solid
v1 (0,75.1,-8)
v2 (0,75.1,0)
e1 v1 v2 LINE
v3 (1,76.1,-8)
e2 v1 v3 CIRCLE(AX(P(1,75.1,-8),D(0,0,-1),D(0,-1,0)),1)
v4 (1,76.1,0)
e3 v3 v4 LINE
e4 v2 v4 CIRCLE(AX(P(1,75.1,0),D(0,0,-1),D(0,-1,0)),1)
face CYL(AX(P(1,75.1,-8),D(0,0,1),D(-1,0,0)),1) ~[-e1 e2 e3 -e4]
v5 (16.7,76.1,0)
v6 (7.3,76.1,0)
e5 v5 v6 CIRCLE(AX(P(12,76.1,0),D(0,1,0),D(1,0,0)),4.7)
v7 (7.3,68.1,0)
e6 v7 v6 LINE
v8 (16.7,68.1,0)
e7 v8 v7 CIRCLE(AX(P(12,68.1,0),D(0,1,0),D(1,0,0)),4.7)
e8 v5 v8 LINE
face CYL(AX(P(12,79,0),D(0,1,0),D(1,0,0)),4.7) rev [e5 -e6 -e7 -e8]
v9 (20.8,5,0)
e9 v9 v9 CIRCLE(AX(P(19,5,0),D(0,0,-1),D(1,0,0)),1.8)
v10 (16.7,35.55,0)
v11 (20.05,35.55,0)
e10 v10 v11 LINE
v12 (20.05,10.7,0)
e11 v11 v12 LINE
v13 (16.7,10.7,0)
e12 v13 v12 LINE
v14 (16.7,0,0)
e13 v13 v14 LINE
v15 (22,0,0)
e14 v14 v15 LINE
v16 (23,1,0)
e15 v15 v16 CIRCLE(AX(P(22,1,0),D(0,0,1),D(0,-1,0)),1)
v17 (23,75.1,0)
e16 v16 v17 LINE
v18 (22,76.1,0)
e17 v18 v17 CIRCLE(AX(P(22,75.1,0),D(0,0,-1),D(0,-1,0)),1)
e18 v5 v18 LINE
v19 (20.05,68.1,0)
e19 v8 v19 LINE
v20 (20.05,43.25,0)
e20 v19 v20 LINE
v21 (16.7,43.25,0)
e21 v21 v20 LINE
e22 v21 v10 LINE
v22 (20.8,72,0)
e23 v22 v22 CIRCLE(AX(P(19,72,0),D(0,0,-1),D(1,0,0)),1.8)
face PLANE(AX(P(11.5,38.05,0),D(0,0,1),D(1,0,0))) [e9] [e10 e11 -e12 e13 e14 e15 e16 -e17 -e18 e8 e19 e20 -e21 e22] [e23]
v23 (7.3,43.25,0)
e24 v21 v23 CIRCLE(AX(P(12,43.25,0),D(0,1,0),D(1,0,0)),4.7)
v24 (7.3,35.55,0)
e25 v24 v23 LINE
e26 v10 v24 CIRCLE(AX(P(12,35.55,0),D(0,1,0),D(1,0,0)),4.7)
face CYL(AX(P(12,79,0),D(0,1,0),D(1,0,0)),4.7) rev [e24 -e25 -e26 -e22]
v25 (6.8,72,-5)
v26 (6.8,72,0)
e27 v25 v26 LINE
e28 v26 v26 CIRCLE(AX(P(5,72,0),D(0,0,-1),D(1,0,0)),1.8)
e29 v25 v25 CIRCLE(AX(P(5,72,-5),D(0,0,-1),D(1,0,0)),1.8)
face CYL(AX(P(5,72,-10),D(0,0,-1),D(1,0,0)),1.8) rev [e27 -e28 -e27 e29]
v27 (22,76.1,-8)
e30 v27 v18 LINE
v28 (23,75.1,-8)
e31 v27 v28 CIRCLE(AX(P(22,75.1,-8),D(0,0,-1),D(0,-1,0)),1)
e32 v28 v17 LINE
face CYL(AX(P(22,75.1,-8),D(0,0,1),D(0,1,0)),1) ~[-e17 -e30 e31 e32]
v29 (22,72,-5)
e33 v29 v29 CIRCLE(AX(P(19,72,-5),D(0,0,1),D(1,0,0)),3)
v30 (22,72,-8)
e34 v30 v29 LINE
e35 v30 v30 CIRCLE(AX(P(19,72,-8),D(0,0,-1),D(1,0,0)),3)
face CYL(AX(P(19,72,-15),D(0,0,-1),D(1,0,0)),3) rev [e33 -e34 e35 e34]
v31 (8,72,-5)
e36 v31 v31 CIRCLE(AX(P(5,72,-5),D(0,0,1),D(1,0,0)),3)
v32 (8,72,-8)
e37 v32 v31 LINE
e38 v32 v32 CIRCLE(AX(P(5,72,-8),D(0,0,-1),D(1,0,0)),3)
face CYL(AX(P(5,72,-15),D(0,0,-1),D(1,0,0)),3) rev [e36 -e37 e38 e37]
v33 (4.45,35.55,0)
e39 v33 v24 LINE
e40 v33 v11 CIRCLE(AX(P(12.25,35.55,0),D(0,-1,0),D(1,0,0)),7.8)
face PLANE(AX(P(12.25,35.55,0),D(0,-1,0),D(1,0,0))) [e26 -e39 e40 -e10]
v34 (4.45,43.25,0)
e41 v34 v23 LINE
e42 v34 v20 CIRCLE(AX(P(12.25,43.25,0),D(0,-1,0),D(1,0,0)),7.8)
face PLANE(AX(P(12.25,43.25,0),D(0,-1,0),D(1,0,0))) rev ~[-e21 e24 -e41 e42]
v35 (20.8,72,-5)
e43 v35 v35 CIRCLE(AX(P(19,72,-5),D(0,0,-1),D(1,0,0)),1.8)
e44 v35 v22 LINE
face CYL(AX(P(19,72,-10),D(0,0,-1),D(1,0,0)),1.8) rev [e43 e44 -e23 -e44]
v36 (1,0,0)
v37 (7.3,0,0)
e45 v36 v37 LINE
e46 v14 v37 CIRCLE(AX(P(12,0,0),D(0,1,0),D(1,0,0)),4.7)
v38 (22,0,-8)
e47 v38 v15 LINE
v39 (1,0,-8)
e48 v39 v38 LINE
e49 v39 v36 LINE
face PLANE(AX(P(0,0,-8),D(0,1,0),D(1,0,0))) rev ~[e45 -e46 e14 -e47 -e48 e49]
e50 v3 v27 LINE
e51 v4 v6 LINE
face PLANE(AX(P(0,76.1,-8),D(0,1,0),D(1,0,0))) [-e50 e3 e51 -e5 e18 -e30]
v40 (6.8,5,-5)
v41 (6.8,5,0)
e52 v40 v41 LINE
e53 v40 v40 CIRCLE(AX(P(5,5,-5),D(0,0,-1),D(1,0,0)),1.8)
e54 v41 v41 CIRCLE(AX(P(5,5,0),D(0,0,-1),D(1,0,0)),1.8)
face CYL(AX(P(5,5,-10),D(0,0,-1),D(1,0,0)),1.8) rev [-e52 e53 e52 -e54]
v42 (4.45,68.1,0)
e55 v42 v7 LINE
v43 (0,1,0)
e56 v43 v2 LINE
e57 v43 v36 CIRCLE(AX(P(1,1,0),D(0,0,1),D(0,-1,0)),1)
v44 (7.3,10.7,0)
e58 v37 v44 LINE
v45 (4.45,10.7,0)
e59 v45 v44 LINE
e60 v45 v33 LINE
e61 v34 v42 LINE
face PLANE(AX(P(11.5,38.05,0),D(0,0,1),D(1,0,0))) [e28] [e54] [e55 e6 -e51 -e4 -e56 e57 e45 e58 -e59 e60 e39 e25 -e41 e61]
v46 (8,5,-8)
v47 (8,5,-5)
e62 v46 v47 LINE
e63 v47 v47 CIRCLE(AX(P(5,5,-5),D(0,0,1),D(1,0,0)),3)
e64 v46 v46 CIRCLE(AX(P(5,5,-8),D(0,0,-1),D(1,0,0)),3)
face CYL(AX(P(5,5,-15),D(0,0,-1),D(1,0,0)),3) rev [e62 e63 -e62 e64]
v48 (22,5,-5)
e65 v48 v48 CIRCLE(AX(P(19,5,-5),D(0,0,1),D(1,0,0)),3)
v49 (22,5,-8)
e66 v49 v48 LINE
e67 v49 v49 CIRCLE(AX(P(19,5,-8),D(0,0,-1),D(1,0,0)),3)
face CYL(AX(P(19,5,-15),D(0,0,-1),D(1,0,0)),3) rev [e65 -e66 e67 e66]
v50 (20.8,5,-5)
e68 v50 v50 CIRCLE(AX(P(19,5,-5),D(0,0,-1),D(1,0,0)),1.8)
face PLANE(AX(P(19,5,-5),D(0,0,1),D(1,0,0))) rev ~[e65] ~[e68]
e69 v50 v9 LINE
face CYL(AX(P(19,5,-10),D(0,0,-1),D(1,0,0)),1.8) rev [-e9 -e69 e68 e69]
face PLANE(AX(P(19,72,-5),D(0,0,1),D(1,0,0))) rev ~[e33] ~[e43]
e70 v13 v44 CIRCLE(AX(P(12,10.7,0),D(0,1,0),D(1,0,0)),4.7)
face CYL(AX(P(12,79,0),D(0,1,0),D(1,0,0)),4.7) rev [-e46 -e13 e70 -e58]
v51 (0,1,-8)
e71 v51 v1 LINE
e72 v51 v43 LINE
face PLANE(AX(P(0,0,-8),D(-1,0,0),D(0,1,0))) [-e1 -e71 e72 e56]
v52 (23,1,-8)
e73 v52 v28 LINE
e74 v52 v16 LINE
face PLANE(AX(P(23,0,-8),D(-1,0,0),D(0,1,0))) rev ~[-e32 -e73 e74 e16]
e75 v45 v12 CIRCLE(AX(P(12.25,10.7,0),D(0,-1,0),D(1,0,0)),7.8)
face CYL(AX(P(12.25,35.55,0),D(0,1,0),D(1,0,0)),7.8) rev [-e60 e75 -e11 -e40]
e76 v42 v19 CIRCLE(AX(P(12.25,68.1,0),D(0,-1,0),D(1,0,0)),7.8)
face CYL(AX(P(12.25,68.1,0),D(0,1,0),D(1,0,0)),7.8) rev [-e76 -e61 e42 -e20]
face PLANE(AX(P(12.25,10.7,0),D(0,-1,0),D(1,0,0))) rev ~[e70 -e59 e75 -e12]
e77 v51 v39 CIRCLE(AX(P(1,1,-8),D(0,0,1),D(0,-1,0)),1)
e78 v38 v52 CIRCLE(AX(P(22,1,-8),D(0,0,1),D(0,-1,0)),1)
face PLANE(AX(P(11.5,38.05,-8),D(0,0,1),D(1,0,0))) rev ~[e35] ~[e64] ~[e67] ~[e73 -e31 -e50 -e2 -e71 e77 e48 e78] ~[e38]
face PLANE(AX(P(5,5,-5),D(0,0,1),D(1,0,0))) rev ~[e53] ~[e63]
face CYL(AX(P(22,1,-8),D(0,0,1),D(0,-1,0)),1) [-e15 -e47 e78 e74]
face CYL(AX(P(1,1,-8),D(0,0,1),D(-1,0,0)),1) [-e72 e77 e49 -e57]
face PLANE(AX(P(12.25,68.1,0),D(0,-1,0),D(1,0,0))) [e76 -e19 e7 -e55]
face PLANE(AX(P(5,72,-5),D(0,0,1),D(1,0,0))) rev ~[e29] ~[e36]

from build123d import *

# Parameters (mm, degrees)
CYLINDER048_R          = 4.7
CYLINDER048_DEPTH      = 100
CYLINDER048_ROLL_ANGLE = 90
CYLINDER045_R          = 1.8
CYLINDER045_DEPTH      = 20
CYLINDER044_R          = 3
CYLINDER044_DEPTH      = 10
CYLINDER042_R          = 1.8
CYLINDER042_DEPTH      = 20
CYLINDER041_R          = 3
CYLINDER041_DEPTH      = 10
CYLINDER034_R          = 3
CYLINDER034_DEPTH      = 10
CYLINDER033_R          = 3
CYLINDER033_DEPTH      = 10
CYLINDER031_R          = 1.8
CYLINDER031_DEPTH      = 20
CYLINDER032_R          = 1.8
CYLINDER032_DEPTH      = 20
CYLINDER029_R          = 7.8
CYLINDER029_DEPTH      = 24.85
CYLINDER029_ROLL_ANGLE = 90
CYLINDER030_R          = 4.4
CYLINDER030_DEPTH      = 76.1
CYLINDER030_ROLL_ANGLE = 90
CYLINDER028_R          = 7.8
CYLINDER028_DEPTH      = 24.85
CYLINDER028_ROLL_ANGLE = 90
BOX011_W               = 23
BOX011_H               = 76.1
BOX011_DEPTH           = 8
FILLET003002_R         = 1


with BuildPart() as cylinder048:
    # Cylinder048 → Cylinder048 (new body)
    with BuildSketch(Plane.XY):
        Circle(CYLINDER048_R)
    extrude(amount=CYLINDER048_DEPTH)


with BuildPart() as cylinder048_1:
    # Cylinder048 roll: moved
    add(cylinder048.part.rotate(Axis((0, 0, 0), (1, 0, 0)), CYLINDER048_ROLL_ANGLE))


with BuildPart() as cylinder048_2:
    # Cylinder048 placement: moved
    add(cylinder048_1.part.moved(Location((12, 79, 0))))


with BuildPart() as cilindro030:
    # Cylinder045 → Cylinder045 (new body)
    with BuildSketch(Plane(origin=(19, 5, -10), x_dir=(1, 0, 0), z_dir=(0, 0, 1))):
        Circle(CYLINDER045_R)
    extrude(amount=CYLINDER045_DEPTH)


with BuildPart() as cilindro029:
    # Cylinder044 → Cylinder044 (new body)
    with BuildSketch(Plane(origin=(19, 5, -15), x_dir=(1, 0, 0), z_dir=(0, 0, 1))):
        Circle(CYLINDER044_R)
    extrude(amount=CYLINDER044_DEPTH)


with BuildPart() as cilindro027:
    # Cylinder042 → Cylinder042 (new body)
    with BuildSketch(Plane(origin=(19, 72, -10), x_dir=(1, 0, 0), z_dir=(0, 0, 1))):
        Circle(CYLINDER042_R)
    extrude(amount=CYLINDER042_DEPTH)


with BuildPart() as cilindro026:
    # Cylinder041 → Cylinder041 (new body)
    with BuildSketch(Plane(origin=(19, 72, -15), x_dir=(1, 0, 0), z_dir=(0, 0, 1))):
        Circle(CYLINDER041_R)
    extrude(amount=CYLINDER041_DEPTH)


with BuildPart() as cilindro019:
    # Cylinder034 → Cylinder034 (new body)
    with BuildSketch(Plane(origin=(5, 72, -15), x_dir=(1, 0, 0), z_dir=(0, 0, 1))):
        Circle(CYLINDER034_R)
    extrude(amount=CYLINDER034_DEPTH)


with BuildPart() as cilindro018:
    # Cylinder033 → Cylinder033 (new body)
    with BuildSketch(Plane(origin=(5, 5, -15), x_dir=(1, 0, 0), z_dir=(0, 0, 1))):
        Circle(CYLINDER033_R)
    extrude(amount=CYLINDER033_DEPTH)


with BuildPart() as cilindro016:
    # Cylinder031 → Cylinder031 (new body)
    with BuildSketch(Plane(origin=(5, 5, -10), x_dir=(1, 0, 0), z_dir=(0, 0, 1))):
        Circle(CYLINDER031_R)
    extrude(amount=CYLINDER031_DEPTH)


with BuildPart() as cilindro017:
    # Cylinder032 → Cylinder032 (new body)
    with BuildSketch(Plane(origin=(5, 72, -10), x_dir=(1, 0, 0), z_dir=(0, 0, 1))):
        Circle(CYLINDER032_R)
    extrude(amount=CYLINDER032_DEPTH)


with BuildPart() as cylinder029:
    # Cylinder029 → Cylinder029 (new body)
    with BuildSketch(Plane.XY):
        Circle(CYLINDER029_R)
    extrude(amount=CYLINDER029_DEPTH)


with BuildPart() as cylinder029_1:
    # Cylinder029 roll: moved
    add(cylinder029.part.rotate(Axis((0, 0, 0), (1, 0, 0)), CYLINDER029_ROLL_ANGLE))


with BuildPart() as cylinder029_2:
    # Cylinder029 placement: moved
    add(cylinder029_1.part.moved(Location((12.25, 68.1, 0))))


with BuildPart() as cylinder030:
    # Cylinder030 → Cylinder030 (new body)
    with BuildSketch(Plane.XY):
        Circle(CYLINDER030_R)
    extrude(amount=CYLINDER030_DEPTH)


with BuildPart() as cylinder030_1:
    # Cylinder030 roll: moved
    add(cylinder030.part.rotate(Axis((0, 0, 0), (1, 0, 0)), CYLINDER030_ROLL_ANGLE))


with BuildPart() as cylinder030_2:
    # Cylinder030 placement: moved
    add(cylinder030_1.part.moved(Location((12.25, 76.1, 0))))


with BuildPart() as cylinder028:
    # Cylinder028 → Cylinder028 (new body)
    with BuildSketch(Plane.XY):
        Circle(CYLINDER028_R)
    extrude(amount=CYLINDER028_DEPTH)


with BuildPart() as cylinder028_1:
    # Cylinder028 roll: moved
    add(cylinder028.part.rotate(Axis((0, 0, 0), (1, 0, 0)), CYLINDER028_ROLL_ANGLE))


with BuildPart() as cylinder028_2:
    # Cylinder028 placement: moved
    add(cylinder028_1.part.moved(Location((12.25, 35.55, 0))))


with BuildPart() as carcasa_2_vi:
    # Box011 → Box011 (new body)
    with BuildSketch(Plane.XY.offset(-8)):
        with Locations((11.5, 38.05)):
            Rectangle(BOX011_W, BOX011_H)
    extrude(amount=BOX011_DEPTH)

    # Cut010035003006: cut Cylinder028
    add(cylinder028_2.part, mode=Mode.SUBTRACT)

    # Cut010035003007: cut Cylinder030
    add(cylinder030_2.part, mode=Mode.SUBTRACT)

    # Cut010035003008: cut Cylinder029
    add(cylinder029_2.part, mode=Mode.SUBTRACT)

    # Cut010035003009: cut Cilindro017
    add(cilindro017.part, mode=Mode.SUBTRACT)

    # Cut010035003010: cut Cilindro016
    add(cilindro016.part, mode=Mode.SUBTRACT)

    # Fillet003002
    fillet003002_edges = [carcasa_2_vi.edges().sort_by_distance(p)[0] for p in [
        (0, 0, -4),
        (0, 76.1, -4),
        (23, 0, -4),
        (23, 76.1, -4),
    ]]
    fillet(fillet003002_edges, radius=FILLET003002_R)

    # Cut010035003011: cut Cilindro018
    add(cilindro018.part, mode=Mode.SUBTRACT)

    # Cut010035003012: cut Cilindro019
    add(cilindro019.part, mode=Mode.SUBTRACT)

    # Cut010035003022: cut Cilindro026
    add(cilindro026.part, mode=Mode.SUBTRACT)

    # Cut010035003023: cut Cilindro027
    add(cilindro027.part, mode=Mode.SUBTRACT)

    # Cut010035003026: cut Cilindro029
    add(cilindro029.part, mode=Mode.SUBTRACT)

    # Cut010035003027: cut Cilindro030
    add(cilindro030.part, mode=Mode.SUBTRACT)

    # Cut010035003032: cut Cylinder048
    add(cylinder048_2.part, mode=Mode.SUBTRACT)


solid = carcasa_2_vi.part
